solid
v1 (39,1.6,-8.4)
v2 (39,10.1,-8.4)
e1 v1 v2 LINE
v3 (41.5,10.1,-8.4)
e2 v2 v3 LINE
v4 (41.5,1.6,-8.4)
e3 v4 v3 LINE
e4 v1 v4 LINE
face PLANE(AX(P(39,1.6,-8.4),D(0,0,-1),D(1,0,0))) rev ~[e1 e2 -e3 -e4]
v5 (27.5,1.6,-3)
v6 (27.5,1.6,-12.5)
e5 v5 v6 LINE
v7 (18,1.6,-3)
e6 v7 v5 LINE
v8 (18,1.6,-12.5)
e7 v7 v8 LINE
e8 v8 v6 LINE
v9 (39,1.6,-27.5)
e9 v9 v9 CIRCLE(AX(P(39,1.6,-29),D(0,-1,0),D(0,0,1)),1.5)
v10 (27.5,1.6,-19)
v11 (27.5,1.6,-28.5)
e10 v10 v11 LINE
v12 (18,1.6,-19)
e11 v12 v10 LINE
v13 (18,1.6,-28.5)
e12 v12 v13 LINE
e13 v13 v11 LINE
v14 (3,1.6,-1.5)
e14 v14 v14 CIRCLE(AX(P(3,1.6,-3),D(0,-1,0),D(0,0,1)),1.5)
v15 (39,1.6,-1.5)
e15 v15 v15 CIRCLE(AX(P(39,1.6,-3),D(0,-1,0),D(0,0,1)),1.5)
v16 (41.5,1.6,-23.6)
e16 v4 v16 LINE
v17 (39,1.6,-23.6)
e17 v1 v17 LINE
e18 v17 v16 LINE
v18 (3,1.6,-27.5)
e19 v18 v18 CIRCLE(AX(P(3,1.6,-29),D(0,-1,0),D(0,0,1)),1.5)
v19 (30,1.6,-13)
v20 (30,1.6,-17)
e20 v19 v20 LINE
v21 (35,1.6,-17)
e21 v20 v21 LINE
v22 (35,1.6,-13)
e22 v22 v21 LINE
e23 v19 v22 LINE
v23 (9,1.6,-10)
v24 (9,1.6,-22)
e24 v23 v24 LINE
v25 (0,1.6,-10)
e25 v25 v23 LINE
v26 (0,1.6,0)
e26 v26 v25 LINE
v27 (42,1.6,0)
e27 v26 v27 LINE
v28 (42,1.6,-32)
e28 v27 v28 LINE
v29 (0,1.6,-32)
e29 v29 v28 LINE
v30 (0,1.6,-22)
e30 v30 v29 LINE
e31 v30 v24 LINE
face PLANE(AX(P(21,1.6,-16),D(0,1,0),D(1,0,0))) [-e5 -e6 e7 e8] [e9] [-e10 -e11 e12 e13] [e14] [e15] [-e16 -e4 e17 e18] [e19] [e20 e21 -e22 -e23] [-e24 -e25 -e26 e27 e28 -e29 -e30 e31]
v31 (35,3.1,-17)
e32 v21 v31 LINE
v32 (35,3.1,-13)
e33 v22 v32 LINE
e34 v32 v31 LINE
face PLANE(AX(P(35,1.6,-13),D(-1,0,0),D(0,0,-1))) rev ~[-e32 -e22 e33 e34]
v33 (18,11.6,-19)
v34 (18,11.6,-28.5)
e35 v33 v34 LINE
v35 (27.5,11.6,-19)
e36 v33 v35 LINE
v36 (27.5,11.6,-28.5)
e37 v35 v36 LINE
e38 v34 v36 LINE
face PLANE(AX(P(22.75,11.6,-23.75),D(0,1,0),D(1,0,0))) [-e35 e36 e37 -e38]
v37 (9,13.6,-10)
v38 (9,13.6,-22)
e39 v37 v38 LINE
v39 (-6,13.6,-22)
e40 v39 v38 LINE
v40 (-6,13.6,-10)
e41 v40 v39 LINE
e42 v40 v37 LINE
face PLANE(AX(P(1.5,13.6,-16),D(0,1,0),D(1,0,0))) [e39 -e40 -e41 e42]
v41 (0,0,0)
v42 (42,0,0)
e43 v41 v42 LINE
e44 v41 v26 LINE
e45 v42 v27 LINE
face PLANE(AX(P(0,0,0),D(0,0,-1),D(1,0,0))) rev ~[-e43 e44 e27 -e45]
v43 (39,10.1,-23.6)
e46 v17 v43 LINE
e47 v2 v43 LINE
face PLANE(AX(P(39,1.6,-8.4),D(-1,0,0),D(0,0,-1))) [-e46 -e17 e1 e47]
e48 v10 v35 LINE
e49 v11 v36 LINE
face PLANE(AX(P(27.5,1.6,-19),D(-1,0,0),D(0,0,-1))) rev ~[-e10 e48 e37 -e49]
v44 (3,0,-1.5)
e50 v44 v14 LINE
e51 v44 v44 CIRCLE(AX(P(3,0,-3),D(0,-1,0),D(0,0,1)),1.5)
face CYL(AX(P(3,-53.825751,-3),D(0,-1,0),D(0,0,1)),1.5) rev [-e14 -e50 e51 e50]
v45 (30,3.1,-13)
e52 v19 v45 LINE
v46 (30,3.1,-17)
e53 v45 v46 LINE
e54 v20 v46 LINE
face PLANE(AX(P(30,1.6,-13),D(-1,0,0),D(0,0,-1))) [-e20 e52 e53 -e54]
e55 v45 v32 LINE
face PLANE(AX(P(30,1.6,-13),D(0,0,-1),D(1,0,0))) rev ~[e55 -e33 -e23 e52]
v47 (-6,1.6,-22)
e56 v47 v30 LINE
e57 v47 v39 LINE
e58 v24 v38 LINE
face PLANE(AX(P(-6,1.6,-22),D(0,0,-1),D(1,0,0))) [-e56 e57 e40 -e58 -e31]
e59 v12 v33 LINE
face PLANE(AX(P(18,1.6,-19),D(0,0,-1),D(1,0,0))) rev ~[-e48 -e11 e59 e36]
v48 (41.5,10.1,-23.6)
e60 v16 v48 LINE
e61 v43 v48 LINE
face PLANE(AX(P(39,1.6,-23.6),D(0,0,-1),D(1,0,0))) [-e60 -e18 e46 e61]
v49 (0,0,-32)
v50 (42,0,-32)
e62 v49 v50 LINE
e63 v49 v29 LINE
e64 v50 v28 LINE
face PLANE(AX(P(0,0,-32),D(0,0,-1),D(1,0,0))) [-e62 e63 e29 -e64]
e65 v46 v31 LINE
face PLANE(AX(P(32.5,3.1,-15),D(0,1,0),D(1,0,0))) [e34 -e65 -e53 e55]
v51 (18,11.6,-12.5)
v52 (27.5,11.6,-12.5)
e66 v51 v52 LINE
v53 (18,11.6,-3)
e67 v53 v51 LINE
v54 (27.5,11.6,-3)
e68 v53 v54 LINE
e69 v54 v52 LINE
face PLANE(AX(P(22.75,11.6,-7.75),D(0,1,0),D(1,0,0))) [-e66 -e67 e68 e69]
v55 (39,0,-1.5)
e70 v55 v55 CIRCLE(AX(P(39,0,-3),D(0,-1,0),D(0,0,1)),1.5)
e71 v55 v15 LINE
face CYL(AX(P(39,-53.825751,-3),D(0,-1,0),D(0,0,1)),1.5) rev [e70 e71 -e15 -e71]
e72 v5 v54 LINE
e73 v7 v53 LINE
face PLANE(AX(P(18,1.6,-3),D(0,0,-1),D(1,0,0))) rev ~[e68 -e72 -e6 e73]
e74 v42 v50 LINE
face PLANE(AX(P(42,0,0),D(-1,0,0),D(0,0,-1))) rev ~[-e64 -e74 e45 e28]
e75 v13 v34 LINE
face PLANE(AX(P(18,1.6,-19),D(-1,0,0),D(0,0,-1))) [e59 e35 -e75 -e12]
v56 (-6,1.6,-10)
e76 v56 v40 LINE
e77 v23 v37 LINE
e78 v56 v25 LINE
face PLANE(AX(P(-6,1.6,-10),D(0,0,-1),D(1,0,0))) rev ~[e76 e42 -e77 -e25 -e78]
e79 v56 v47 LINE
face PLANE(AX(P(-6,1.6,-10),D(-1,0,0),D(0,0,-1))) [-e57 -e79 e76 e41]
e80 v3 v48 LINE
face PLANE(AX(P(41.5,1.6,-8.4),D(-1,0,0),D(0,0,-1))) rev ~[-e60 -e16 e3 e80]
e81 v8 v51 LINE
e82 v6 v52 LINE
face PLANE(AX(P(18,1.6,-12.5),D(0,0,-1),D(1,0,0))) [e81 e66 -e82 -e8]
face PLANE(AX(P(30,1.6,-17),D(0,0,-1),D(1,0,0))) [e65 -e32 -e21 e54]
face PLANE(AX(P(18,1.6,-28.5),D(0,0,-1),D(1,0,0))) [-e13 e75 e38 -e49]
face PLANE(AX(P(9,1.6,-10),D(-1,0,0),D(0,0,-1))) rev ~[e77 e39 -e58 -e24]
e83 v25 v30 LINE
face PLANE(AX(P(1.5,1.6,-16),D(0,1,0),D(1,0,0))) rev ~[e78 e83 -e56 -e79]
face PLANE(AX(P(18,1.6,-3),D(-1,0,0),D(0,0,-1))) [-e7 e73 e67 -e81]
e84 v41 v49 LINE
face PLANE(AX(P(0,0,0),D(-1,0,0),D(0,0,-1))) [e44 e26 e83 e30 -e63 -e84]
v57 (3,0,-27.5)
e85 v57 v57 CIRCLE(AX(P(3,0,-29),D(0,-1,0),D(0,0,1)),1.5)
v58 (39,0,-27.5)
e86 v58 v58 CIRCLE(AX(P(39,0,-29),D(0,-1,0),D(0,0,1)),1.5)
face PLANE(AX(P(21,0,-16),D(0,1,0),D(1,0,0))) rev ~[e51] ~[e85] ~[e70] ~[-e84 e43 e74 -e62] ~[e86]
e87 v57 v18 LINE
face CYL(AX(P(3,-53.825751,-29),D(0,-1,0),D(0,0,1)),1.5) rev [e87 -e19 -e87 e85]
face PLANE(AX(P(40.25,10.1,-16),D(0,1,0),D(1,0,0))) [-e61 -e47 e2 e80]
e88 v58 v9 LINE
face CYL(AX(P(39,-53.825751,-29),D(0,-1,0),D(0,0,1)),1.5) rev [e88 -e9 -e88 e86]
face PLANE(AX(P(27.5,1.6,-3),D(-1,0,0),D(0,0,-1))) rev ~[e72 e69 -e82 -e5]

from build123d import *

# Parameters (mm, degrees)
SKETCH1_W               = 42
SKETCH1_H               = 32
PCB_DEPTH               = 1.6
MOUNT_HOLE_1_DEPTH      = 53.825751296
MOUNT_HOLE_1_DEPTH_BACK = 53.825751296
SKETCH2_R               = 1.5
MOUNT_HOLE_2_DEPTH      = 53.825751296
MOUNT_HOLE_2_DEPTH_BACK = 53.825751296
SKETCH3_R               = 1.5
MOUNT_HOLE_3_DEPTH      = 53.825751296
MOUNT_HOLE_3_DEPTH_BACK = 53.825751296
SKETCH4_R               = 1.5
MOUNT_HOLE_4_DEPTH      = 53.825751296
MOUNT_HOLE_4_DEPTH_BACK = 53.825751296
SKETCH5_R               = 1.5
BNC_SOCKET_START        = 1.6
SKETCH6_W               = 15
SKETCH6_H               = 12
BNC_SOCKET_DEPTH        = 12
OFFSET_POT_START        = 1.6
SKETCH7_W               = 9.5
SKETCH7_H               = 9.5
OFFSET_POT_DEPTH        = 10
LIMIT_POT_START         = 1.6
SKETCH8_W               = 9.5
SKETCH8_H               = 9.5
LIMIT_POT_DEPTH         = 10
OP_AMP_START            = 1.6
SKETCH9_W               = 5
SKETCH9_H               = 4
OP_AMP_DEPTH            = 1.5
HEADER_6PIN_START       = 1.6
SKETCH10_W              = 2.5
SKETCH10_H              = 15.2
HEADER_6PIN_DEPTH       = 8.5


with BuildPart() as part:
    # Sketch1 → PCB (new body)
    with BuildSketch(Plane(origin=(0, 0, 0), x_dir=(1, 0, 0), z_dir=(0, 1, 0))):
        with Locations((21, 16)):
            Rectangle(SKETCH1_W, SKETCH1_H)
    extrude(amount=PCB_DEPTH)

    # Sketch2 → Mount_hole_1 (cut, two sides: drawn at the far end of the back side and taken through both)
    with BuildSketch(Plane(origin=(0, 0, 0), x_dir=(1, 0, 0), z_dir=(0, 1, 0)).offset(-MOUNT_HOLE_1_DEPTH_BACK)):
        with Locations(Location((3, 3, 0), (0, 0, 270))):
            Circle(SKETCH2_R)
    extrude(amount=MOUNT_HOLE_1_DEPTH + MOUNT_HOLE_1_DEPTH_BACK, mode=Mode.SUBTRACT)

    # Sketch3 → Mount_hole_2 (cut, two sides: drawn at the far end of the back side and taken through both)
    with BuildSketch(Plane(origin=(0, 0, 0), x_dir=(1, 0, 0), z_dir=(0, 1, 0)).offset(-MOUNT_HOLE_2_DEPTH_BACK)):
        with Locations(Location((39, 3, 0), (0, 0, 270))):
            Circle(SKETCH3_R)
    extrude(amount=MOUNT_HOLE_2_DEPTH + MOUNT_HOLE_2_DEPTH_BACK, mode=Mode.SUBTRACT)

    # Sketch4 → Mount_hole_3 (cut, two sides: drawn at the far end of the back side and taken through both)
    with BuildSketch(Plane(origin=(0, 0, 0), x_dir=(1, 0, 0), z_dir=(0, 1, 0)).offset(-MOUNT_HOLE_3_DEPTH_BACK)):
        with Locations(Location((3, 29, 0), (0, 0, 270))):
            Circle(SKETCH4_R)
    extrude(amount=MOUNT_HOLE_3_DEPTH + MOUNT_HOLE_3_DEPTH_BACK, mode=Mode.SUBTRACT)

    # Sketch5 → Mount_hole_4 (cut, two sides: drawn at the far end of the back side and taken through both)
    with BuildSketch(Plane(origin=(0, 0, 0), x_dir=(1, 0, 0), z_dir=(0, 1, 0)).offset(-MOUNT_HOLE_4_DEPTH_BACK)):
        with Locations(Location((39, 29, 0), (0, 0, 270))):
            Circle(SKETCH5_R)
    extrude(amount=MOUNT_HOLE_4_DEPTH + MOUNT_HOLE_4_DEPTH_BACK, mode=Mode.SUBTRACT)

    # Sketch6 → BNC_socket (add)
    with BuildSketch(Plane(origin=(0, 0, 0), x_dir=(1, 0, 0), z_dir=(0, 1, 0)).offset(BNC_SOCKET_START)):
        with Locations((1.5, 16)):
            Rectangle(SKETCH6_W, SKETCH6_H)
    extrude(amount=BNC_SOCKET_DEPTH)

    # Sketch7 → Offset_pot (add)
    with BuildSketch(Plane(origin=(0, 0, 0), x_dir=(1, 0, 0), z_dir=(0, 1, 0)).offset(OFFSET_POT_START)):
        with Locations((22.75, 7.75)):
            Rectangle(SKETCH7_W, SKETCH7_H)
    extrude(amount=OFFSET_POT_DEPTH)

    # Sketch8 → Limit_pot (add)
    with BuildSketch(Plane(origin=(0, 0, 0), x_dir=(1, 0, 0), z_dir=(0, 1, 0)).offset(LIMIT_POT_START)):
        with Locations((22.75, 23.75)):
            Rectangle(SKETCH8_W, SKETCH8_H)
    extrude(amount=LIMIT_POT_DEPTH)

    # Sketch9 → Op_amp (add)
    with BuildSketch(Plane(origin=(0, 0, 0), x_dir=(1, 0, 0), z_dir=(0, 1, 0)).offset(OP_AMP_START)):
        with Locations((32.5, 15)):
            Rectangle(SKETCH9_W, SKETCH9_H)
    extrude(amount=OP_AMP_DEPTH)

    # Sketch10 → Header_6pin (add)
    with BuildSketch(Plane(origin=(0, 0, 0), x_dir=(1, 0, 0), z_dir=(0, 1, 0)).offset(HEADER_6PIN_START)):
        with Locations((40.25, 16)):
            Rectangle(SKETCH10_W, SKETCH10_H)
    extrude(amount=HEADER_6PIN_DEPTH)


solid = part.part
